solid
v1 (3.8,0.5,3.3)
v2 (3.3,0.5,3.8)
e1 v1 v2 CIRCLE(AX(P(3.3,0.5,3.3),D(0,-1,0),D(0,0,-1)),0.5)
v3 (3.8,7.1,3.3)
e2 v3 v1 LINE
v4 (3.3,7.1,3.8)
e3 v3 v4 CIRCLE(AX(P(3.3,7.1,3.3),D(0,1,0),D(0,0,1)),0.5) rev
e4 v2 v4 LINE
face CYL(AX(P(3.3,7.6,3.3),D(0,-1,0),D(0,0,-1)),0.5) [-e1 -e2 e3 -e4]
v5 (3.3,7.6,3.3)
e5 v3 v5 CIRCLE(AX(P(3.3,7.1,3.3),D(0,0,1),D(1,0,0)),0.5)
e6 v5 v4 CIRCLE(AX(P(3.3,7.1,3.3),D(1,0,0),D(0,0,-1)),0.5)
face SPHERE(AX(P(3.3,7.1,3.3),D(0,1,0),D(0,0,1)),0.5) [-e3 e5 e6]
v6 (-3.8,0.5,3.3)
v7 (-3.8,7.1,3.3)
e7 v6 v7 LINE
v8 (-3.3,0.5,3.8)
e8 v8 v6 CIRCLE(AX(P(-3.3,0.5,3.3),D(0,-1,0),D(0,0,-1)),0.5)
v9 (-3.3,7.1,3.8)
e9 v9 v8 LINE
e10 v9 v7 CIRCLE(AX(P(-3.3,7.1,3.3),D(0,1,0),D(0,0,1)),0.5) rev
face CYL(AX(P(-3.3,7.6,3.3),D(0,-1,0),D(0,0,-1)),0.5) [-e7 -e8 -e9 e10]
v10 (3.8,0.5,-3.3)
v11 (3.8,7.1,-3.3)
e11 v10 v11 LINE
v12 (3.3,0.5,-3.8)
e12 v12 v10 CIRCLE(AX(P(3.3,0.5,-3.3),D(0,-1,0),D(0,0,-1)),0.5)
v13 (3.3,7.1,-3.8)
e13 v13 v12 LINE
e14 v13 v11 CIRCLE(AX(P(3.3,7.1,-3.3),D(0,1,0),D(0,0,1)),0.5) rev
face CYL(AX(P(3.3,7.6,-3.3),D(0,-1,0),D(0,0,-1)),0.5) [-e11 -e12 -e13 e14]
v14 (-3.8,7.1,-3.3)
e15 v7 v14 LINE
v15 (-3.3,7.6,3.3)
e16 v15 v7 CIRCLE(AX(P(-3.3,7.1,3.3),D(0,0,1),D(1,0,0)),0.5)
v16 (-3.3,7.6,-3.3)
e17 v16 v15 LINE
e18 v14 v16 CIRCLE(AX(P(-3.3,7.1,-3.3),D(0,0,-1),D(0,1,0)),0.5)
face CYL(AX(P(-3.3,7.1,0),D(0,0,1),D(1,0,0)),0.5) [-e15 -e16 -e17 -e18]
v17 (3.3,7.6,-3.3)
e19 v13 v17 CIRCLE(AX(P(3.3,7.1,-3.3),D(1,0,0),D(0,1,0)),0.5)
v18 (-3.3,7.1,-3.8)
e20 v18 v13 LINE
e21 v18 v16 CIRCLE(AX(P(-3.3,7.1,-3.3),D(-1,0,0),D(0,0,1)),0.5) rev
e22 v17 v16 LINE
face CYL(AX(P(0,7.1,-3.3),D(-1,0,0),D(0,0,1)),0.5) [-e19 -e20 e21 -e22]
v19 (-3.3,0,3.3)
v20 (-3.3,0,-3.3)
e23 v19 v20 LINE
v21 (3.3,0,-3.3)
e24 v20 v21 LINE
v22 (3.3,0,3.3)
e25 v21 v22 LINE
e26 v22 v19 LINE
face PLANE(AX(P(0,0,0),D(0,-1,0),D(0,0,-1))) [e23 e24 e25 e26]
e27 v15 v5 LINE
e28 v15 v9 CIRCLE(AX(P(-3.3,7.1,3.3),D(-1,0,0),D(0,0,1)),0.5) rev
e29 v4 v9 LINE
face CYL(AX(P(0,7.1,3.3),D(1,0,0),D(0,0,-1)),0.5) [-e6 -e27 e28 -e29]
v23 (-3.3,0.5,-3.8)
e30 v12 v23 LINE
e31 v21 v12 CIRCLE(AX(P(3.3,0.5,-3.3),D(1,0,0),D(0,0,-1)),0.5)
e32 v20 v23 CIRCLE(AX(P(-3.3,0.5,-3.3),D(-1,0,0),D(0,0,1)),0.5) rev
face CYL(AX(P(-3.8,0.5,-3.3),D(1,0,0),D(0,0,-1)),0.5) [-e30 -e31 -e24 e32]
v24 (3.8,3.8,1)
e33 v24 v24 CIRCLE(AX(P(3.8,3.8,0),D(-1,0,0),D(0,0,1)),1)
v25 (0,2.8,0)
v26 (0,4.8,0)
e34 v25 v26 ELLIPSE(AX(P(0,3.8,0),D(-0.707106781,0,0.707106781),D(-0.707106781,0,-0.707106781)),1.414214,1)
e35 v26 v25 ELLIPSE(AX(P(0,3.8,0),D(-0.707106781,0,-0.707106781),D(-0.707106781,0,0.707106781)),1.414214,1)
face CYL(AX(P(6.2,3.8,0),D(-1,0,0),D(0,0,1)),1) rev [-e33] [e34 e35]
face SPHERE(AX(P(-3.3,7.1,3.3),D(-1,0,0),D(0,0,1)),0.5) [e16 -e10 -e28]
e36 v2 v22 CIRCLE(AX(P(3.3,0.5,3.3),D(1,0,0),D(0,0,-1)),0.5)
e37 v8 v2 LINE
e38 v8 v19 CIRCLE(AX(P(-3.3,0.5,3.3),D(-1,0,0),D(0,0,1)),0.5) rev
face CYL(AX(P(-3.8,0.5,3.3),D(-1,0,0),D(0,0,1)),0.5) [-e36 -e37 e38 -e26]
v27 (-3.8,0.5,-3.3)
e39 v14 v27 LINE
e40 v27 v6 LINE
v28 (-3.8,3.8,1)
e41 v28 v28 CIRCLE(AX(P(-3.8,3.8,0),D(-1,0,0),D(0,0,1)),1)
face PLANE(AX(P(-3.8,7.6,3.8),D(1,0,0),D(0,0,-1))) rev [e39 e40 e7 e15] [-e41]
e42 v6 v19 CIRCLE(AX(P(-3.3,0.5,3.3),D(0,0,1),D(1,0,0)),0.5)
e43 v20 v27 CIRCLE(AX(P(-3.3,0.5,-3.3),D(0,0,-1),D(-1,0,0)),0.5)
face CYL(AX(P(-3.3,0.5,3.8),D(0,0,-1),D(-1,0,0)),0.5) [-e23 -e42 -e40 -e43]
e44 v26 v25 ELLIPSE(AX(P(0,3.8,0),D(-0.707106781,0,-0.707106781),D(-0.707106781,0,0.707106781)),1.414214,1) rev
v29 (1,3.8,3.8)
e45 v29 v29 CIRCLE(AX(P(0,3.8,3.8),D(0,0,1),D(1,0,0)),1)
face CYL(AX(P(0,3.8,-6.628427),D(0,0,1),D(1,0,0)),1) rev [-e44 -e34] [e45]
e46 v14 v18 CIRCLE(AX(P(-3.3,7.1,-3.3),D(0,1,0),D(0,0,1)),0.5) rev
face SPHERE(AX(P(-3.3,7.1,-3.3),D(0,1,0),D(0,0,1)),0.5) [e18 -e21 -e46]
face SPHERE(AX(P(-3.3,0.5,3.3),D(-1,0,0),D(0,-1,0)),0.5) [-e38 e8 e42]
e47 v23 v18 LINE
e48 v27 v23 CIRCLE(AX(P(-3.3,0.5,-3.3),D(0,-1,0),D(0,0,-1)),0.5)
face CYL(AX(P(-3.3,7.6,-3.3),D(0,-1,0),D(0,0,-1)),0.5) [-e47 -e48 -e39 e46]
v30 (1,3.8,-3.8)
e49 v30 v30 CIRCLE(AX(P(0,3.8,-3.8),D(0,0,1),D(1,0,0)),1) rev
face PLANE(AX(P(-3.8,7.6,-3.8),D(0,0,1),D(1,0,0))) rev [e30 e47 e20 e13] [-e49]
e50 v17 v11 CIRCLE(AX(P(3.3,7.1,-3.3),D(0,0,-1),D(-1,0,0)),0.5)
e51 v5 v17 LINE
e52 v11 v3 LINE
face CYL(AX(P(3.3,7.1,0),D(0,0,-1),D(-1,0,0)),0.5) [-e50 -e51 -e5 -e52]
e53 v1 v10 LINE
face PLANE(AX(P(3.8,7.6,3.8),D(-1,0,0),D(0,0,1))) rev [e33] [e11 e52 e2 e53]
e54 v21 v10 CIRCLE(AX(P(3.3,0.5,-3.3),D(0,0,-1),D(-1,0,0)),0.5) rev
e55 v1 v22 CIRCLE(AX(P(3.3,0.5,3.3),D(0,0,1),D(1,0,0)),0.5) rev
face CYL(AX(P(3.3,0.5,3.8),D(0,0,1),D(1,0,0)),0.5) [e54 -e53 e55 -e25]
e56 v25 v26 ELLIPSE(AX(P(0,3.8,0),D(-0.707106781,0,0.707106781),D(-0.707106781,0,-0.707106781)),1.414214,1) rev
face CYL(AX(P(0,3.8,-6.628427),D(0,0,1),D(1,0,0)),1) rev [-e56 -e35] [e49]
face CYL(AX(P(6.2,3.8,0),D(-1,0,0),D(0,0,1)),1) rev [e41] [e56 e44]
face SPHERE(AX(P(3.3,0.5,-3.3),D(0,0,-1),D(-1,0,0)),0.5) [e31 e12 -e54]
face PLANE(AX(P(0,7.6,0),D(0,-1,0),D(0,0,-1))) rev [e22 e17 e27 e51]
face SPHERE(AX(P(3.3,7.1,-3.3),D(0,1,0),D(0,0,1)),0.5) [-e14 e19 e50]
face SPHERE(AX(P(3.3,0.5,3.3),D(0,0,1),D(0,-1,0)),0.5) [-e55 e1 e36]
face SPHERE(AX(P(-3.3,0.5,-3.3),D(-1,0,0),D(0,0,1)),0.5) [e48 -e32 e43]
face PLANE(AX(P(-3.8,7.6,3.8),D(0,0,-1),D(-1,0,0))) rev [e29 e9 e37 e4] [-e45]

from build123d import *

# Parameters (mm, degrees)
SKETCH2_W           = 7.6
SKETCH2_H           = 7.6
BOSS_EXTRUDE1_DEPTH = 7.6
FILLET1_R           = 0.5
SKETCH3_R           = 1
CUT_EXTRUDE1_DEPTH  = 10
CUT_EXTRUDE2_REACH  = 13.4
SKETCH4_R           = 1


with BuildPart() as part:
    # Sketch2 → Boss-Extrude1 (new body)
    with BuildSketch(Plane(origin=(0, 0, 0), x_dir=(1, 0, 0), z_dir=(0, 1, 0))):
        Rectangle(SKETCH2_W, SKETCH2_H)
    extrude(amount=BOSS_EXTRUDE1_DEPTH)

    # Fillet1
    fillet1_edges = [part.edges().sort_by_distance(p)[0] for p in [
        (-3.8, 7.6, 0),
        (0, 7.6, 3.8),
        (3.8, 7.6, 0),
        (0, 0, 3.8),
        (-3.8, 0, 0),
        (0, 0, -3.8),
        (3.8, 0, 0),
        (3.8, 3.8, 3.8),
        (-3.8, 3.8, 3.8),
        (-3.8, 3.8, -3.8),
        (3.8, 3.8, -3.8),
        (0, 7.6, -3.8),
    ]]
    fillet(fillet1_edges, radius=FILLET1_R)

    # Sketch3 → Cut-Extrude1 (cut)
    with BuildSketch(Plane.ZY.offset(3.8)):
        with Locations((0, 3.8)):
            Circle(SKETCH3_R)
    extrude(amount=-CUT_EXTRUDE1_DEPTH, mode=Mode.SUBTRACT)

    # Cut-Extrude2: up to this face of the body (flat: up to its plane)
    cut_extrude2_end = Plane(part.part.faces().sort_by_distance((0, 3.8, -3.8))[0])
    # Sketch4 → Cut-Extrude2 (cut, up to the picked face)
    with BuildSketch(Plane.XY.offset(3.8), mode=Mode.PRIVATE) as cut_extrude2_sk1:
        with Locations((0, 3.8)):
            Circle(SKETCH4_R)
    cut_extrude2_tool1 = split(extrude(cut_extrude2_sk1.sketch, amount=-CUT_EXTRUDE2_REACH, mode=Mode.PRIVATE), bisect_by=cut_extrude2_end, keep=Keep.BOTH, mode=Mode.PRIVATE)
    add(cut_extrude2_tool1.solids().sort_by(Axis((0, 3.8, 3.8), (0, 0, -1)))[0], mode=Mode.SUBTRACT)


solid = part.part
